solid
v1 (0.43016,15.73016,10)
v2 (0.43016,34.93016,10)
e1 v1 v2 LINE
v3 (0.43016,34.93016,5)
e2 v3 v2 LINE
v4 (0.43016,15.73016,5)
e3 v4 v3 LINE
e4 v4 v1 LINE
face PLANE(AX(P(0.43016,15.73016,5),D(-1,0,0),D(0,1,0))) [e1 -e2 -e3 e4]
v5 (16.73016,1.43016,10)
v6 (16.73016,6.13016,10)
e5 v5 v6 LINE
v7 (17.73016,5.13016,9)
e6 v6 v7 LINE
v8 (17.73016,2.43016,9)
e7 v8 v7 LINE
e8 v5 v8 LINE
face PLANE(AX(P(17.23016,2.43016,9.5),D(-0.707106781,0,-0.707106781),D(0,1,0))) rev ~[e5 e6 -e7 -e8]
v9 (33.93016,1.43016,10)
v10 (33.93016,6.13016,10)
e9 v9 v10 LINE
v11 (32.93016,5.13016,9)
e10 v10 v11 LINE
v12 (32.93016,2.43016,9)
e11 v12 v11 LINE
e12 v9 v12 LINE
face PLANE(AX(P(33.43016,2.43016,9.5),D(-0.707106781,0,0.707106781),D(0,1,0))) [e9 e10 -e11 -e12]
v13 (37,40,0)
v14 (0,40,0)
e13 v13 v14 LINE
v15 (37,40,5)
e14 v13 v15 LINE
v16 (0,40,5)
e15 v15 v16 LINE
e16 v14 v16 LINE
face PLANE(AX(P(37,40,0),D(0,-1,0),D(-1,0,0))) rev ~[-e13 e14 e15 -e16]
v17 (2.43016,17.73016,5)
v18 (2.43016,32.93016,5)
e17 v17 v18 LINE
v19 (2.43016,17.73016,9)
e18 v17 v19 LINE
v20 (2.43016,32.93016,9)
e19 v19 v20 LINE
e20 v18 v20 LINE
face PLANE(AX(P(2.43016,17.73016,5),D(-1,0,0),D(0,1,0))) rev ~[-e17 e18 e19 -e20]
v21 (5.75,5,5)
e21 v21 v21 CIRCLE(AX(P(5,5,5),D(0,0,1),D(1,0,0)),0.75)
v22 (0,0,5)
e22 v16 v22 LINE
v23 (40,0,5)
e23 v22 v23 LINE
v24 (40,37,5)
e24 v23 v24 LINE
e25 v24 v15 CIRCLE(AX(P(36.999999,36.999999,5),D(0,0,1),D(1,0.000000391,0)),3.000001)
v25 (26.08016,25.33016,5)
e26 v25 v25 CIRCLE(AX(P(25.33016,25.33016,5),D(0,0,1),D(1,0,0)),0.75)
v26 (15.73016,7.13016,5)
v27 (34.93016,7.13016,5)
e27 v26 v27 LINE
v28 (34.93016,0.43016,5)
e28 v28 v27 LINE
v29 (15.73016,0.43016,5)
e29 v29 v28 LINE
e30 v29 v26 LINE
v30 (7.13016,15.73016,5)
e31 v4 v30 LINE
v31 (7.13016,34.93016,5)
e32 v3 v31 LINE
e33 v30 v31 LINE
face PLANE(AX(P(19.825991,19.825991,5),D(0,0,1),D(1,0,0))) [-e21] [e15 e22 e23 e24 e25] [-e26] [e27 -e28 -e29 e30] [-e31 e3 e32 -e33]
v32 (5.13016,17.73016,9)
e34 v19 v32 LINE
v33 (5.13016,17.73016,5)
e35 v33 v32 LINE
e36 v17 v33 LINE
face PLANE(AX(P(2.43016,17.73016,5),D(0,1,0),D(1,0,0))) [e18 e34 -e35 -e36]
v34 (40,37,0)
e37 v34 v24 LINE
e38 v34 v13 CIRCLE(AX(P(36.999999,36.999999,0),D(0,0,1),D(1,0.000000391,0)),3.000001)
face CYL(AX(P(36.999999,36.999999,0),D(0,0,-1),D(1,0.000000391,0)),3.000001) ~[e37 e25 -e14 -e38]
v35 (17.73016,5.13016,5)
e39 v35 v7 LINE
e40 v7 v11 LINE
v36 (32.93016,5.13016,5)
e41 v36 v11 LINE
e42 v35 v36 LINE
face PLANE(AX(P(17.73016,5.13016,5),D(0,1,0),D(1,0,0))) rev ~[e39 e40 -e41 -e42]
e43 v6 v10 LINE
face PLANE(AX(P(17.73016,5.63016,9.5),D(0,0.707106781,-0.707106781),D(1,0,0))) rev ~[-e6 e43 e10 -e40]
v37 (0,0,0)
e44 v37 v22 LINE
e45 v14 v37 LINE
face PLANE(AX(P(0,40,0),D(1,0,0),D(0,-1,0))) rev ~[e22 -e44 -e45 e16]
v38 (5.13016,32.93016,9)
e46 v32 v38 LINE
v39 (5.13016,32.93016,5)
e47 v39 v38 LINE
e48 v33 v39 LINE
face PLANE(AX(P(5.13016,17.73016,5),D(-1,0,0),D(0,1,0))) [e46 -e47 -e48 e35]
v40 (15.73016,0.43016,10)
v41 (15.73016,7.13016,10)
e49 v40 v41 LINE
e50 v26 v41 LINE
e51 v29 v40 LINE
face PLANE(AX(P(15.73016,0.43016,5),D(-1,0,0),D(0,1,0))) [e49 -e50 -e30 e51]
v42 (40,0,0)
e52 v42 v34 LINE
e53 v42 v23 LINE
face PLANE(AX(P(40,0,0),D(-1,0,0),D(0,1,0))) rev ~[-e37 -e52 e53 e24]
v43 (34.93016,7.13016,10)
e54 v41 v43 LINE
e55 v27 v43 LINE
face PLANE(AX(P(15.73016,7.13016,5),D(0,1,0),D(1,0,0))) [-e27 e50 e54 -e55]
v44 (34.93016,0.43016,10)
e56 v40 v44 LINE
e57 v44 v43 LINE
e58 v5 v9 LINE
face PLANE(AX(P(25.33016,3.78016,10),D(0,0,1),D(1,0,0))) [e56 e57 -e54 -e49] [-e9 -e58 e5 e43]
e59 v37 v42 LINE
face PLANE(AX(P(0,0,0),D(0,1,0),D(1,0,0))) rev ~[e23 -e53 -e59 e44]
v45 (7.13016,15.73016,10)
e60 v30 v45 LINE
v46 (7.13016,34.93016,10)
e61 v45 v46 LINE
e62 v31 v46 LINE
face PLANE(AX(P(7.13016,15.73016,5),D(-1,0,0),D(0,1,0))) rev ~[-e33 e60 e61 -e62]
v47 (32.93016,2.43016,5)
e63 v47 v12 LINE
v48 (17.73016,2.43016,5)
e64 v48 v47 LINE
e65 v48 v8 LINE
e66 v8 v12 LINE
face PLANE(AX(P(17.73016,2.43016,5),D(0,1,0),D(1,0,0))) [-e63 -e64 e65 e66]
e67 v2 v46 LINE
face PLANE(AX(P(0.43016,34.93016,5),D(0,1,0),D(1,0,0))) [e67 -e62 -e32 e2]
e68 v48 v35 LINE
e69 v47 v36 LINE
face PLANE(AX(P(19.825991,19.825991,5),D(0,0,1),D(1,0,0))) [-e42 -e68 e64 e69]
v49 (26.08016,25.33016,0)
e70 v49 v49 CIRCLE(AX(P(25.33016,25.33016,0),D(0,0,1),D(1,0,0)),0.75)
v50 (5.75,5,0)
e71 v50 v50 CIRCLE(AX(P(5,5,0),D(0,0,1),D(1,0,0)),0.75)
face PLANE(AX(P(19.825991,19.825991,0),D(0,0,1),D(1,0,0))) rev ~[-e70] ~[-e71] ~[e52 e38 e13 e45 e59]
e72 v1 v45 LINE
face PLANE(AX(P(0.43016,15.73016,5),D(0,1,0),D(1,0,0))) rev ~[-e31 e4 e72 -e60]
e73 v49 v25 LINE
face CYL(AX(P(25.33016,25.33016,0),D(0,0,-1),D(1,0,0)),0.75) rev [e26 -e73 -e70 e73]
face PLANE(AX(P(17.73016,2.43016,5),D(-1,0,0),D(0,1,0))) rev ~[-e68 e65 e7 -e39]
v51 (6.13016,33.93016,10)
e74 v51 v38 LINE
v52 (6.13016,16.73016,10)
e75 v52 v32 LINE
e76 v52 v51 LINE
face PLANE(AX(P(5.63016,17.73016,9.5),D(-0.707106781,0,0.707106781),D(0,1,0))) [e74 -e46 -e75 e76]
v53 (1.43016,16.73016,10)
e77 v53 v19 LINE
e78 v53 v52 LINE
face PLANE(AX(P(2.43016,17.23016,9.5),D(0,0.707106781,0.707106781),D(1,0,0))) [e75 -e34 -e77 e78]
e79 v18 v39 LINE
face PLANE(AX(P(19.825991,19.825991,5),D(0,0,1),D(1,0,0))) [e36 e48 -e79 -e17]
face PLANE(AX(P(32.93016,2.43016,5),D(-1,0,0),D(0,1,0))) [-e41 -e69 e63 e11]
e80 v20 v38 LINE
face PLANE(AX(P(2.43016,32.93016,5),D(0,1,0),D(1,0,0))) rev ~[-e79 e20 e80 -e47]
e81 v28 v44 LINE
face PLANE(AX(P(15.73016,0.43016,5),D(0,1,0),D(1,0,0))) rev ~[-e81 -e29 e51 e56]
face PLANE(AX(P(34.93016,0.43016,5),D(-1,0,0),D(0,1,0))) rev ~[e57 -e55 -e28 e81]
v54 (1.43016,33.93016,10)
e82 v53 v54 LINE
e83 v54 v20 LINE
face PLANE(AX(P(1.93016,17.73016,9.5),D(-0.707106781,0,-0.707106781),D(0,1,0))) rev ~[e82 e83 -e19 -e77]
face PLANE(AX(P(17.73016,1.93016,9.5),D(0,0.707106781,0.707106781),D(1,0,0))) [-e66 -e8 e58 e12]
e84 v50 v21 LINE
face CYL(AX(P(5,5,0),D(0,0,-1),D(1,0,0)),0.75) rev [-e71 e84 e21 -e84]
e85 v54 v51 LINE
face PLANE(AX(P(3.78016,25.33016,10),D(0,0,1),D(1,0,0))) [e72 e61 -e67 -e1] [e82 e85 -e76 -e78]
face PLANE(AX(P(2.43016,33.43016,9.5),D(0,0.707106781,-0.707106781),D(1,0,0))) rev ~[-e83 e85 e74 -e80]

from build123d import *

# Parameters (mm, degrees)
SKETCH_R      = 0.75
PAD_DEPTH     = 5
SKETCH001_W   = 6.7
SKETCH001_H   = 19.2
SKETCH001_W_2 = 2.7
SKETCH001_H_2 = 15.2
SKETCH001_W_3 = 19.2
SKETCH001_H_3 = 6.7
SKETCH001_W_4 = 15.2
SKETCH001_H_4 = 2.7
PAD001_DEPTH  = 5
CHAMFER_SIZE  = 1


with BuildPart() as part:
    # Sketch → Pad (new body)
    with BuildSketch(Plane.XY):
        with BuildLine():
            Line((0, 0), (40, 0))
            Line((40, 0), (40, 37))
            ThreePointArc((40, 37), (39.12132, 39.12132), (37, 40))
            Line((37, 40), (0, 40))
            Line((0, 40), (0, 0))
        make_face()
        with Locations((5, 5)):
            Circle(SKETCH_R, mode=Mode.SUBTRACT)
        with Locations((25.33016, 25.33016)):
            Circle(SKETCH_R, mode=Mode.SUBTRACT)
    extrude(amount=PAD_DEPTH)

    # Sketch001 (on Face9 of Pad) → Pad001 (join)
    with BuildSketch(Plane.XY.offset(5)):
        with Locations((3.78016, 25.33016)):
            Rectangle(SKETCH001_W, SKETCH001_H)
        with Locations((3.78016, 25.33016)):
            Rectangle(SKETCH001_W_2, SKETCH001_H_2, mode=Mode.SUBTRACT)
        with Locations((25.33016, 3.78016)):
            Rectangle(SKETCH001_W_3, SKETCH001_H_3)
        with Locations((25.33016, 3.78016)):
            Rectangle(SKETCH001_W_4, SKETCH001_H_4, mode=Mode.SUBTRACT)
    extrude(amount=PAD001_DEPTH)

    # Chamfer
    chamfer_edges = [part.edges().sort_by_distance(p)[0] for p in [
        (25.33016, 2.43016, 10),
        (17.73016, 3.78016, 10),
        (25.33016, 5.13016, 10),
        (32.93016, 3.78016, 10),
        (5.13016, 25.33016, 10),
        (3.78016, 17.73016, 10),
        (2.43016, 25.33016, 10),
        (3.78016, 32.93016, 10),
    ]]
    chamfer(chamfer_edges, length=CHAMFER_SIZE)


solid = part.part
